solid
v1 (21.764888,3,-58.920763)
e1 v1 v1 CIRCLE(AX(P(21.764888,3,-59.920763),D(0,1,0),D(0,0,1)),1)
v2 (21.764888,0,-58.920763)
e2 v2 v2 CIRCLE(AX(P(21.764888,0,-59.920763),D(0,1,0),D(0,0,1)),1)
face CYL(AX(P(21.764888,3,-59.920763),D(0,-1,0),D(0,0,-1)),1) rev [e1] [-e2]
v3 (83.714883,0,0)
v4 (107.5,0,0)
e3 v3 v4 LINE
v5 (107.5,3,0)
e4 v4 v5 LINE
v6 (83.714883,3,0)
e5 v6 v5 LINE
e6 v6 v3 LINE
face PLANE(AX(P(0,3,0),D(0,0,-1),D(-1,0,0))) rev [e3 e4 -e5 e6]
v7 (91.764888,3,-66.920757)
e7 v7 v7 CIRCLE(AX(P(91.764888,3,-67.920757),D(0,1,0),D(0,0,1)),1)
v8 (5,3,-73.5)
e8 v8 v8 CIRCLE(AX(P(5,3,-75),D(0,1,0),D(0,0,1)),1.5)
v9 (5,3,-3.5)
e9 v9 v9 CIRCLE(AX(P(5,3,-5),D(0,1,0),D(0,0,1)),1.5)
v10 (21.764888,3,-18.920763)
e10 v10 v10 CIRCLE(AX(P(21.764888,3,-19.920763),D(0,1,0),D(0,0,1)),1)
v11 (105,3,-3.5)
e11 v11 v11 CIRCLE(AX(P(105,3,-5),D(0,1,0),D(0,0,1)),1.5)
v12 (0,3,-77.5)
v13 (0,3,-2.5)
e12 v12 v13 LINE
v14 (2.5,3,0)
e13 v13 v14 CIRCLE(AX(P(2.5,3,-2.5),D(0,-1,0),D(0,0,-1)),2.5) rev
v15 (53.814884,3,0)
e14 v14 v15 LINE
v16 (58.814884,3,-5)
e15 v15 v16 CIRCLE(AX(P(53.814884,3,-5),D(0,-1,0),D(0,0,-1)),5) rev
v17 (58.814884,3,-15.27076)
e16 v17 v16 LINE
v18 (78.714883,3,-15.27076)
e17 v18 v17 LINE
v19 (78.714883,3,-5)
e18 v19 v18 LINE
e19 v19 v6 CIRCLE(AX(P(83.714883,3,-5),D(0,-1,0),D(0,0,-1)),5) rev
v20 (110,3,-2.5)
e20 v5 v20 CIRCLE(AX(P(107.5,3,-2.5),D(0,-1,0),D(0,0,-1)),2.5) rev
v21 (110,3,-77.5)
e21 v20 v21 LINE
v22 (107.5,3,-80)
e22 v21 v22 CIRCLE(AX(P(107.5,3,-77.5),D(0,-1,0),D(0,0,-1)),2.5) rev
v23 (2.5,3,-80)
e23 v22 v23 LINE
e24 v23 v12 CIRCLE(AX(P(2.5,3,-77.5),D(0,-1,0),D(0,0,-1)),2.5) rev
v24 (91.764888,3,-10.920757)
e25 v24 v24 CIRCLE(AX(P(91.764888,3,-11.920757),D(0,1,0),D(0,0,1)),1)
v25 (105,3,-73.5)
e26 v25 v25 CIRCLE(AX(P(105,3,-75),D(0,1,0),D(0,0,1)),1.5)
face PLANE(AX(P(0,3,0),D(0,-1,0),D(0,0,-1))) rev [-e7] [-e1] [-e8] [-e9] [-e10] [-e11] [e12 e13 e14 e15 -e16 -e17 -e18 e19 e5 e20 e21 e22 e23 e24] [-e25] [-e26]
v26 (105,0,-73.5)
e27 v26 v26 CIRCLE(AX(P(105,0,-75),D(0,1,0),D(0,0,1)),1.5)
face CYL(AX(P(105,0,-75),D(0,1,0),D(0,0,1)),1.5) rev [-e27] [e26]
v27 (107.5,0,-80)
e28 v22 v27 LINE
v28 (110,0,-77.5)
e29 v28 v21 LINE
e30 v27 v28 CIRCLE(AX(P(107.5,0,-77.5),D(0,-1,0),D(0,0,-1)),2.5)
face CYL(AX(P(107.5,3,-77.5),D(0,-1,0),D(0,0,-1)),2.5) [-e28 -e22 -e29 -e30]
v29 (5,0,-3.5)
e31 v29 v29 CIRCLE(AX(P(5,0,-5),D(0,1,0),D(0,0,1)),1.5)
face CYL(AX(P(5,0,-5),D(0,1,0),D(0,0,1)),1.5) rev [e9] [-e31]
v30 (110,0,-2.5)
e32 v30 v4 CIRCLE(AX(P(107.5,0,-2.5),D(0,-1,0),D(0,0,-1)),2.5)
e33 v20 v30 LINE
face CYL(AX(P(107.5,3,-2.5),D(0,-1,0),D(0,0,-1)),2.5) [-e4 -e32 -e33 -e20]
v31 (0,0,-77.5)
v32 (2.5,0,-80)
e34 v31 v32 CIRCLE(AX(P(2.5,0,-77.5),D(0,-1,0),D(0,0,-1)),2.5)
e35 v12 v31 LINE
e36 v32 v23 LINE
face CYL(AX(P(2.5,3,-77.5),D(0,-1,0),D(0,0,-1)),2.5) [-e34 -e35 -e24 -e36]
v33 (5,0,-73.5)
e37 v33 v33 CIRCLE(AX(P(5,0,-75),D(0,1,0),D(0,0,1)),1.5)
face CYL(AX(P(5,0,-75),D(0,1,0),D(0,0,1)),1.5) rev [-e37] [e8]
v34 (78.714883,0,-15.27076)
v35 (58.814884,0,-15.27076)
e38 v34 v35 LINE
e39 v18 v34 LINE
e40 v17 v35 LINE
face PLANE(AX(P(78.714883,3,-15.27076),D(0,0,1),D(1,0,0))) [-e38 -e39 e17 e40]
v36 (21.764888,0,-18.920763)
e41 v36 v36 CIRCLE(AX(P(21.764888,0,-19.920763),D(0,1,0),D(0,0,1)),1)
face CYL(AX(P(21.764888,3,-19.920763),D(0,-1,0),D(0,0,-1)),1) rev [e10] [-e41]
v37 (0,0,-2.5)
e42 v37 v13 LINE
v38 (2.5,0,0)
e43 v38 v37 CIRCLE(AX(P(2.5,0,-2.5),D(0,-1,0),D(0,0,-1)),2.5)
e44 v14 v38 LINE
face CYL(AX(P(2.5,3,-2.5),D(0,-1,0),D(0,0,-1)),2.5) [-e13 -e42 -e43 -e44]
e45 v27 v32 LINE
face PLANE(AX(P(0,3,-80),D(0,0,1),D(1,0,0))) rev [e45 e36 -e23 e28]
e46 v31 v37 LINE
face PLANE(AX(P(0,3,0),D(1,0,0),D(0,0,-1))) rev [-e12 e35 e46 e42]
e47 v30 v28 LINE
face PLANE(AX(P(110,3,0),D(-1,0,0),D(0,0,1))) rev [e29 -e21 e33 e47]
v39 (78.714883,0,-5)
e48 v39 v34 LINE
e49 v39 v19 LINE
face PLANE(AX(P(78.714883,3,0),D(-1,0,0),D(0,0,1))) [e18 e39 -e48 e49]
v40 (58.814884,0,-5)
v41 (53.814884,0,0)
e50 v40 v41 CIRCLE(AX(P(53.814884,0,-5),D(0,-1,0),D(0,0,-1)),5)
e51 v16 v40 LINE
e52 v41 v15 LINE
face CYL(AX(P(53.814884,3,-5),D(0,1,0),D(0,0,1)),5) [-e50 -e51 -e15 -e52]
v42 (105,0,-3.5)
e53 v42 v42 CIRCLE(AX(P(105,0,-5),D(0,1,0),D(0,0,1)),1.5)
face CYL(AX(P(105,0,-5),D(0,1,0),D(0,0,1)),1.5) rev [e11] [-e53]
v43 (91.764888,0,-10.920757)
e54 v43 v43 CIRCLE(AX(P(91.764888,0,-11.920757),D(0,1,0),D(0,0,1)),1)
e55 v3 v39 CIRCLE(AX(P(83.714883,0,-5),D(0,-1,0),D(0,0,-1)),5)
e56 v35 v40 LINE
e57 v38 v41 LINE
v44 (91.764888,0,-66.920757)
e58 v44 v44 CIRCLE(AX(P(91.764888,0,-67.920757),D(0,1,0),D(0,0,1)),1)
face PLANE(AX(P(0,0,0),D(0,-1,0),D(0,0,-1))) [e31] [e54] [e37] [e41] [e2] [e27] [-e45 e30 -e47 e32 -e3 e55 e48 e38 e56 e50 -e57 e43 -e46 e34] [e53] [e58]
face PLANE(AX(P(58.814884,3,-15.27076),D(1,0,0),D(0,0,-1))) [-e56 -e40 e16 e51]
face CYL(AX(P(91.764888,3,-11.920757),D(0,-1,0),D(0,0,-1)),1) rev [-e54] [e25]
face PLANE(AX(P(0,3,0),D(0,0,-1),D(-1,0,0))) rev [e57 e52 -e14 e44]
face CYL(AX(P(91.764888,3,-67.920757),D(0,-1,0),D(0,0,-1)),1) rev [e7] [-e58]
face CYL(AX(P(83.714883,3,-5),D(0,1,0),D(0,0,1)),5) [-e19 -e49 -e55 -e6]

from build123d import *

# Parameters (mm, degrees)
SKETCH5_W           = 110
SKETCH5_H           = 80
SKETCH5_R           = 1
BOSS_EXTRUDE1_DEPTH = 3
SKETCH6_R           = 1.5
CUT_EXTRUDE1_DEPTH  = 137.047785723
FILLET1_R           = 2.5
CUT_EXTRUDE2_DEPTH  = 6
FILLET2_R           = 5


with BuildPart() as part:
    # Sketch5 → Boss-Extrude1 (new body)
    with BuildSketch(Plane(origin=(0, 0, 0), x_dir=(1, 0, 0), z_dir=(0, 1, 0))):
        with Locations((55, 40)):
            Rectangle(SKETCH5_W, SKETCH5_H)
        with Locations(Location((91.764887736, 67.92075713, 0), (0, 0, 270))):
            Circle(SKETCH5_R, mode=Mode.SUBTRACT)
        with Locations(Location((21.764888364, 59.920762627, 0), (0, 0, 270))):
            Circle(SKETCH5_R, mode=Mode.SUBTRACT)
        with Locations(Location((21.764888364, 19.920762627, 0), (0, 0, 270))):
            Circle(SKETCH5_R, mode=Mode.SUBTRACT)
        with Locations(Location((91.764887736, 11.92075713, 0), (0, 0, 270))):
            Circle(SKETCH5_R, mode=Mode.SUBTRACT)
    extrude(amount=BOSS_EXTRUDE1_DEPTH)

    # Sketch6 → Cut-Extrude1 (cut, through all)
    with BuildSketch(Plane(origin=(0, 3, 0), x_dir=(1, 0, 0), z_dir=(0, 1, 0))):
        with Locations(Location((5, 75, 0), (0, 0, 270))):
            Circle(SKETCH6_R)
        with Locations(Location((105, 75, 0), (0, 0, 270))):
            Circle(SKETCH6_R)
        with Locations(Location((105, 5, 0), (0, 0, 270))):
            Circle(SKETCH6_R)
        with Locations(Location((5, 5, 0), (0, 0, 270))):
            Circle(SKETCH6_R)
    extrude(amount=-CUT_EXTRUDE1_DEPTH, mode=Mode.SUBTRACT)

    # Fillet1
    fillet1_edges = [part.edges().sort_by_distance(p)[0] for p in [
        (0, 1.5, -80),
        (110, 1.5, -80),
        (110, 1.5, 0),
        (0, 1.5, 0),
    ]]
    fillet(fillet1_edges, radius=FILLET1_R)

    # Sketch7 → Cut-Extrude2 (cut)
    with BuildSketch(Plane(origin=(0, 3, 0), x_dir=(1, 0, 0), z_dir=(0, 1, 0))):
        Polygon((78.714883487, -234.464098532), (78.714883487, 0), (78.714883487, 15.270760033), (58.814883708, 15.270760033), (58.814883708, 0), (58.814883708, -234.464098532), (58.814883708, -703.392295596), (78.714883487, -703.392295596), align=None)
    extrude(amount=-CUT_EXTRUDE2_DEPTH, mode=Mode.SUBTRACT)

    # Fillet2
    fillet2_edges = [part.edges().sort_by_distance(p)[0] for p in [
        (78.714883487, 1.5, 0),
        (58.814883708, 1.5, 0),
    ]]
    fillet(fillet2_edges, radius=FILLET2_R)


solid = part.part
